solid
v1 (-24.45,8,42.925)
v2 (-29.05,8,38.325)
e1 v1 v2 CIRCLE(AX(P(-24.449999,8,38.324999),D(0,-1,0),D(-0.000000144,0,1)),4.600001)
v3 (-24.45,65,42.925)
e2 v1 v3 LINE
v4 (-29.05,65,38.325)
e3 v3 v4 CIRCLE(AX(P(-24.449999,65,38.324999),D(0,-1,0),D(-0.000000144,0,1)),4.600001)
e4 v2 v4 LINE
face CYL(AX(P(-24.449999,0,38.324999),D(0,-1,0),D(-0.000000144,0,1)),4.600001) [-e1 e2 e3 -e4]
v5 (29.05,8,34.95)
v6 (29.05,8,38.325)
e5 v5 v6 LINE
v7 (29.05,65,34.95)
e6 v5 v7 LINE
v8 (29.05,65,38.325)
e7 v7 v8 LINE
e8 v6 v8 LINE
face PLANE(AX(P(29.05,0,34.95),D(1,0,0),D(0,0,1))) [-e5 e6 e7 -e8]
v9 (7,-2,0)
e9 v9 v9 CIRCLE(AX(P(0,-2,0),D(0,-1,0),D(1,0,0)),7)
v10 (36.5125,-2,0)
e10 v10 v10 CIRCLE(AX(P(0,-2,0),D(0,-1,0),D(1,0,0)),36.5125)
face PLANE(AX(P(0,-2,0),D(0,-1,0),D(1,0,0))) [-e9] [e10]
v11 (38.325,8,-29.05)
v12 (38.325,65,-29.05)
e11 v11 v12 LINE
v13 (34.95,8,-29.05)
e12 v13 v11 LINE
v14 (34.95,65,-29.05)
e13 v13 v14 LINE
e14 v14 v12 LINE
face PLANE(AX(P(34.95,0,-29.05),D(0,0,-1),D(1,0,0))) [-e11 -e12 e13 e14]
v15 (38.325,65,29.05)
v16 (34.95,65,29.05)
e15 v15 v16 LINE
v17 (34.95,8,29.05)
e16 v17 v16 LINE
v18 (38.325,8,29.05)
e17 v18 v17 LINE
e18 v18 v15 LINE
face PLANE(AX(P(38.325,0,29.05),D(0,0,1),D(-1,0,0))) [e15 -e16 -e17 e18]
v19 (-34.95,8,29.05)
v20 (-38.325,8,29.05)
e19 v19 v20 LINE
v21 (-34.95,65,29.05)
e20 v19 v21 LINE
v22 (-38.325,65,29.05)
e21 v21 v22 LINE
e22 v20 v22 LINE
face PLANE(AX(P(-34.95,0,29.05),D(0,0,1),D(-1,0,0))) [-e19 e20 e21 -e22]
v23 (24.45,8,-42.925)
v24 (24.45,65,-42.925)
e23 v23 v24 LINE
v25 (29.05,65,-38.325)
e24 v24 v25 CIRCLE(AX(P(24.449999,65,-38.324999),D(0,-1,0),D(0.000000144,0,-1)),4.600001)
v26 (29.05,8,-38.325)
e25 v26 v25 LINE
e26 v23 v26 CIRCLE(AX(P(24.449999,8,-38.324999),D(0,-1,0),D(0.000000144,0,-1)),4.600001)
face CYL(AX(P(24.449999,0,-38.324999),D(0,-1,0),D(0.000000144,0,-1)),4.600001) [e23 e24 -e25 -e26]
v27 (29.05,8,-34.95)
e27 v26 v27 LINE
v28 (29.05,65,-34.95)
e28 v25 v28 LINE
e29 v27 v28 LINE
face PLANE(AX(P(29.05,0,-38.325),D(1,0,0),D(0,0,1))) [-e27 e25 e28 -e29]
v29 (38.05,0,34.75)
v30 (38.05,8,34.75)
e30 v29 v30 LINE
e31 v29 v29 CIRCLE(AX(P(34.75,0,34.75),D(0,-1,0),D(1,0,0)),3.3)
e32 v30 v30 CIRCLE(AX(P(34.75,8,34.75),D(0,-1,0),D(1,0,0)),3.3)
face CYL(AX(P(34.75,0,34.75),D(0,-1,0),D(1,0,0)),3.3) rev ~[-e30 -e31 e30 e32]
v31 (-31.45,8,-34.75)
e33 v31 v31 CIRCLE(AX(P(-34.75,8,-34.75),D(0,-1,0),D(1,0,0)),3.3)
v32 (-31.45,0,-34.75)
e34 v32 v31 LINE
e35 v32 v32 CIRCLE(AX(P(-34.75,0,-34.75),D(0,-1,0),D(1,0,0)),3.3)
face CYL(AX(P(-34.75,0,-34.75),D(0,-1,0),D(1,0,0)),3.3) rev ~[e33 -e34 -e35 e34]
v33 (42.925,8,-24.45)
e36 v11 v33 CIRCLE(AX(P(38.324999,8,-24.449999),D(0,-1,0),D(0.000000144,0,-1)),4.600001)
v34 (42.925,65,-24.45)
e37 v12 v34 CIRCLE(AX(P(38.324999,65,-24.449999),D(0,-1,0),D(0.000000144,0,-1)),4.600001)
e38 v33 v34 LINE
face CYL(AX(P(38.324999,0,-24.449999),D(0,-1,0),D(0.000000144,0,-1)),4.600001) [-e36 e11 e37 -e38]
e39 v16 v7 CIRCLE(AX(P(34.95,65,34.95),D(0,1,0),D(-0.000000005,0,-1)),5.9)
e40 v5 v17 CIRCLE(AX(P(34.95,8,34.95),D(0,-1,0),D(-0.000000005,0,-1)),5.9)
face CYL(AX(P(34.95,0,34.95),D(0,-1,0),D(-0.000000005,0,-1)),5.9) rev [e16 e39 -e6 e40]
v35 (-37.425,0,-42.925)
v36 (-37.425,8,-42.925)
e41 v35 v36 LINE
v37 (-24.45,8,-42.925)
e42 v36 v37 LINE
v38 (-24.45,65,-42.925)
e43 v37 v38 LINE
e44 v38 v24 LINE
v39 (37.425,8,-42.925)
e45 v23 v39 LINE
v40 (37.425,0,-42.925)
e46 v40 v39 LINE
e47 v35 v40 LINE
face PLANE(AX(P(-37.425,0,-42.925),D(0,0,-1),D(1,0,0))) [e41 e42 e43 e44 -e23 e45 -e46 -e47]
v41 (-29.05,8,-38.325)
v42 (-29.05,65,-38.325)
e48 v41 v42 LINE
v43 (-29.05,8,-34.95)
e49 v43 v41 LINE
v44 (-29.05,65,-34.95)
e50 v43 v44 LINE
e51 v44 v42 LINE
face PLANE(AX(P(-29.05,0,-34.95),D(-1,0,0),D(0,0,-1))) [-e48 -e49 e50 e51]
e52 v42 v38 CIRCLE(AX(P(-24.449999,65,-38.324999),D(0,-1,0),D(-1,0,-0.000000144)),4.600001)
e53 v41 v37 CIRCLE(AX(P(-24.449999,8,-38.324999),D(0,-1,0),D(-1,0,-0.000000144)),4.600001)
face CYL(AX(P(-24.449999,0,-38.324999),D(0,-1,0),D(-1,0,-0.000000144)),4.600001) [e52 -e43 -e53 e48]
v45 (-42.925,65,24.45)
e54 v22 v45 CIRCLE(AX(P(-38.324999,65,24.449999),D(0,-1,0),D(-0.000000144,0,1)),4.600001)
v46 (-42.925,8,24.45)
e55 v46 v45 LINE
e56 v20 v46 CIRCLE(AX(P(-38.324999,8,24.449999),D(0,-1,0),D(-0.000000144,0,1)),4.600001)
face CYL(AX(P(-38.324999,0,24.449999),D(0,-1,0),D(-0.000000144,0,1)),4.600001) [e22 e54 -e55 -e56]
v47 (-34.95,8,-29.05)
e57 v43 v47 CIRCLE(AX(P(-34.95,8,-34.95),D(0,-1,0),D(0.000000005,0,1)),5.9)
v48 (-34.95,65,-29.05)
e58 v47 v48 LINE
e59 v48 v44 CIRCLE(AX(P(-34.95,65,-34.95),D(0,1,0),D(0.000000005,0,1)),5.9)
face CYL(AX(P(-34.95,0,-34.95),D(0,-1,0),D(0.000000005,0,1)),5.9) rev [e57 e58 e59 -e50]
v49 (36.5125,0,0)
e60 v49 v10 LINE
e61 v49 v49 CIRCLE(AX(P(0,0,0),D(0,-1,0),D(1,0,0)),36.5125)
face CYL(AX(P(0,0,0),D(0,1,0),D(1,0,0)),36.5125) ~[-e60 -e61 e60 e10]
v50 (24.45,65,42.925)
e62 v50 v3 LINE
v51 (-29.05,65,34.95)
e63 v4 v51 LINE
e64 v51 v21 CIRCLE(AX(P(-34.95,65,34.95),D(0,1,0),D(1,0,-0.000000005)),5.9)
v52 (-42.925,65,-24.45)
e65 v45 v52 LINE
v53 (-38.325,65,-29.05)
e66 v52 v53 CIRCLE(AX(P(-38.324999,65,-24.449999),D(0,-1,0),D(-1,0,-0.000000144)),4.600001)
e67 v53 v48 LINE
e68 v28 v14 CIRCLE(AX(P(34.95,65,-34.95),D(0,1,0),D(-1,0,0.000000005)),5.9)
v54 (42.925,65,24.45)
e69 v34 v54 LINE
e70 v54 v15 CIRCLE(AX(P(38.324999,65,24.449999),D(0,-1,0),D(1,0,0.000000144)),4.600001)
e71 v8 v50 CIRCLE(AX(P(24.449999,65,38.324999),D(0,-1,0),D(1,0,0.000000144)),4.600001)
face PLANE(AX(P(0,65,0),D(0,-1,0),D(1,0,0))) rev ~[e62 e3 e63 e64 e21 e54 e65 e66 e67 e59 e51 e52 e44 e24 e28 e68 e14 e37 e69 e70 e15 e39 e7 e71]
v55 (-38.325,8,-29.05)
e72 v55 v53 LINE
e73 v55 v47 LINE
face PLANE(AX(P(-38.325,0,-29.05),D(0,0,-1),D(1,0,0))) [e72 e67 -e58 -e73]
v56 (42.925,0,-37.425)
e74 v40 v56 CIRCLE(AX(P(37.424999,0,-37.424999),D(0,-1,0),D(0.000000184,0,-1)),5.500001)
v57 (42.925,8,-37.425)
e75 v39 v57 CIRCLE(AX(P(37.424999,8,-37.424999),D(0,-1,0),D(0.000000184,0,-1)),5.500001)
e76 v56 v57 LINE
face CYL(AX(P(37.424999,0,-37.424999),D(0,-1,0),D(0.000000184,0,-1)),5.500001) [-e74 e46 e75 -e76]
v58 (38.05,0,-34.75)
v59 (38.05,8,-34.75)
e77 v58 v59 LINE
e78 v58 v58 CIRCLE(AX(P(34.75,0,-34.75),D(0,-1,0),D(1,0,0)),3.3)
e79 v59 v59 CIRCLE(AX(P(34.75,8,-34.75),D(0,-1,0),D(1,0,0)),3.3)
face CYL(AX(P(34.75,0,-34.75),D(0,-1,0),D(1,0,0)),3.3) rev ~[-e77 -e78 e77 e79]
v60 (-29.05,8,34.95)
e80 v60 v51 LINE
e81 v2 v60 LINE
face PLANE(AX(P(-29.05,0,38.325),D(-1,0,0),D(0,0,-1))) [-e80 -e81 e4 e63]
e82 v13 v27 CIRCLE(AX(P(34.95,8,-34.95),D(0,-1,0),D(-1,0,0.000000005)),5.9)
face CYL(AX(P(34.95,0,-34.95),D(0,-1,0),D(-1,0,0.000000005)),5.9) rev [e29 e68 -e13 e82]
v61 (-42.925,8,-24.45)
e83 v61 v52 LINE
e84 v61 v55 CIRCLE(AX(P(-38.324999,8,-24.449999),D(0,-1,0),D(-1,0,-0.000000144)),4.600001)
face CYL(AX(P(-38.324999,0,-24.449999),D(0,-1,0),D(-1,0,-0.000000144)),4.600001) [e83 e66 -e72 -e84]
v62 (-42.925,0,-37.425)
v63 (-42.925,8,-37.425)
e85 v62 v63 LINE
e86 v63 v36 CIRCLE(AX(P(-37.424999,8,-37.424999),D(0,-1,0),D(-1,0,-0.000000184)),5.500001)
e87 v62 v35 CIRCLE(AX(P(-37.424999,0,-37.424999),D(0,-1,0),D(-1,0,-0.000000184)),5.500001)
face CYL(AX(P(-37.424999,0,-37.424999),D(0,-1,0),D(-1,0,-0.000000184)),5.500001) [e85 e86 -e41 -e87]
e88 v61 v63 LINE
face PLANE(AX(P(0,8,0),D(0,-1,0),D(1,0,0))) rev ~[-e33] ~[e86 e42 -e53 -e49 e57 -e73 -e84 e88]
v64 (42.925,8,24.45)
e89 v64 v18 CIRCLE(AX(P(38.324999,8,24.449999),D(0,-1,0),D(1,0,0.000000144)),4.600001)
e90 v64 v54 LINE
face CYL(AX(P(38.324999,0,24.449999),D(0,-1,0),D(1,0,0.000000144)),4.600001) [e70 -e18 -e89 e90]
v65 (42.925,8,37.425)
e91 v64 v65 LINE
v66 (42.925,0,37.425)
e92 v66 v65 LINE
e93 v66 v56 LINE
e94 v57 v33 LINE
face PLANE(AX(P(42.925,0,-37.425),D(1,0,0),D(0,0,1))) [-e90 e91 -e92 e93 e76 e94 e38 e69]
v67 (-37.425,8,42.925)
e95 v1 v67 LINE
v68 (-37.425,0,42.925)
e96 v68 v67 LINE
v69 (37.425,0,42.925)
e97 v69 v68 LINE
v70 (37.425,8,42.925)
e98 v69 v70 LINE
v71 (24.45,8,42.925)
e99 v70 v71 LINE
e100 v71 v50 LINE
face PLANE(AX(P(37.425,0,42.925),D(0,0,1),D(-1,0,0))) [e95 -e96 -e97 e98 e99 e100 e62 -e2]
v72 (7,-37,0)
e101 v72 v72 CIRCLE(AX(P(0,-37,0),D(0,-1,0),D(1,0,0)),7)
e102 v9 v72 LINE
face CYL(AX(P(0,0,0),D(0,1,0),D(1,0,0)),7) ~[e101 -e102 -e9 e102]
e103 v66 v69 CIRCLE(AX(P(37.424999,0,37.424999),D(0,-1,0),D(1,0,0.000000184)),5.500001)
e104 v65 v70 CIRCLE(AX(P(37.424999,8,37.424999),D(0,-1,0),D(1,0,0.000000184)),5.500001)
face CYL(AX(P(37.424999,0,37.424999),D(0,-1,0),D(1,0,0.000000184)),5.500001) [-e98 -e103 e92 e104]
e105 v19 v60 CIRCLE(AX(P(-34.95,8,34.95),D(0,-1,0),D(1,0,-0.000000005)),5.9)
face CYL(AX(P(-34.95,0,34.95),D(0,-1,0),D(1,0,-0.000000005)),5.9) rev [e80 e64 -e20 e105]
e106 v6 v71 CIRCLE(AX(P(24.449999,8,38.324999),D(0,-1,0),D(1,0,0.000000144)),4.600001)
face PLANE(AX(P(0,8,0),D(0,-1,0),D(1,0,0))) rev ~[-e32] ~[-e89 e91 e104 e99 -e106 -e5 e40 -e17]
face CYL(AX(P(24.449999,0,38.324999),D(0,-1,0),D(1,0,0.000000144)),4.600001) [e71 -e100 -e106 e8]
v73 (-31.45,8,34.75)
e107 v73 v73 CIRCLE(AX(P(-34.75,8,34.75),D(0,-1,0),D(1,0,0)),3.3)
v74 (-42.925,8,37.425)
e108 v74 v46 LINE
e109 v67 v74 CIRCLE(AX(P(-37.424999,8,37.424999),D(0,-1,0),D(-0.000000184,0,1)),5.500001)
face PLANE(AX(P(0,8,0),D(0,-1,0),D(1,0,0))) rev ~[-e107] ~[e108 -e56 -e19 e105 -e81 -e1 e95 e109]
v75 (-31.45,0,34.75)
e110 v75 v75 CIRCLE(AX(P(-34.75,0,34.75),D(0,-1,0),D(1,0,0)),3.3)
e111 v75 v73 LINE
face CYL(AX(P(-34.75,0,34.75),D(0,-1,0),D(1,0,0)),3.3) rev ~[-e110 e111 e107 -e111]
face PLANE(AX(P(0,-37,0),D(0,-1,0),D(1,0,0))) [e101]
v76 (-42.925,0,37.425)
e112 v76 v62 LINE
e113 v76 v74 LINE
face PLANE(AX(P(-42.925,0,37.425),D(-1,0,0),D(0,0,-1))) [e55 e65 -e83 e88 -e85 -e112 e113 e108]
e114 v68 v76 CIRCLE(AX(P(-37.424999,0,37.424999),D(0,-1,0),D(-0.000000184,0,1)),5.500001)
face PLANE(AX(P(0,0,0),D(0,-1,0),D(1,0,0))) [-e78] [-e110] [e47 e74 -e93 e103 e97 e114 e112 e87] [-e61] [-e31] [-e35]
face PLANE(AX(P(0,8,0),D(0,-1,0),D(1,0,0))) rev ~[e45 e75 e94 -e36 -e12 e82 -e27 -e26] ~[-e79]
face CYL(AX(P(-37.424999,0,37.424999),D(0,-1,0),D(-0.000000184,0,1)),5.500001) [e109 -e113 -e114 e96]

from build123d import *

# Parameters (mm, degrees)
F0_R     = 36.5125
F0_R_2   = 7
F2_DEPTH = 2
F3_DEPTH = 37
F0_R_3   = 3.3
F4_DEPTH = 8
F5_DEPTH = 65


with BuildPart() as f2:
    # F0 (on Front) → F2 (new body)
    with BuildSketch(Plane.XZ):
        Circle(F0_R)
        Circle(F0_R_2, mode=Mode.SUBTRACT)
    extrude(amount=F2_DEPTH)

    # F0 (on Front) → F3 (join)
    with BuildSketch(Plane.XZ):
        Circle(F0_R_2)
    extrude(amount=F3_DEPTH)



with BuildPart() as f4:
    # F0 (on Front) → F4 (new body)
    with BuildSketch(Plane.XZ):
        with BuildLine():
            ThreePointArc((42.925, 37.425), (41.314087, 41.314087), (37.425, 42.925))
            Line((37.425, 42.925), (-37.425, 42.925))
            ThreePointArc((-37.425, 42.925), (-41.314087, 41.314087), (-42.925, 37.425))
            Line((-42.925, 37.425), (-42.925, -37.425))
            ThreePointArc((-42.925, -37.425), (-41.314087, -41.314087), (-37.425, -42.925))
            Line((-37.425, -42.925), (37.425, -42.925))
            ThreePointArc((37.425, -42.925), (41.314087, -41.314087), (42.925, -37.425))
            Line((42.925, -37.425), (42.925, 37.425))
        make_face()
        with Locations((-34.75, -34.75)):
            Circle(F0_R_3, mode=Mode.SUBTRACT)
        with Locations((34.75, -34.75)):
            Circle(F0_R_3, mode=Mode.SUBTRACT)
        with Locations((-34.75, 34.75)):
            Circle(F0_R_3, mode=Mode.SUBTRACT)
        Circle(F0_R, mode=Mode.SUBTRACT)
        with Locations((34.75, 34.75)):
            Circle(F0_R_3, mode=Mode.SUBTRACT)
        Circle(F0_R)
        Circle(F0_R_2, mode=Mode.SUBTRACT)
    extrude(amount=-F4_DEPTH)


with BuildPart() as f2_1:
    add(f2.part)

    add(f4.part)  # F5 merges F4
    # F1 (on Front) → F5 (join)
    with BuildSketch(Plane.XZ):
        with BuildLine():
            ThreePointArc((29.05, 38.325), (27.702691, 41.577691), (24.45, 42.925))
            Line((24.45, 42.925), (-24.45, 42.925))
            ThreePointArc((-24.45, 42.925), (-27.702691, 41.577691), (-29.05, 38.325))
            Line((-29.05, 38.325), (-29.05, 34.95))
            ThreePointArc((-29.05, 34.95), (-30.77807, 30.77807), (-34.95, 29.05))
            Line((-34.95, 29.05), (-38.325, 29.05))
            ThreePointArc((-38.325, 29.05), (-41.577691, 27.702691), (-42.925, 24.45))
            Line((-42.925, 24.45), (-42.925, -24.45))
            ThreePointArc((-42.925, -24.45), (-41.577691, -27.702691), (-38.325, -29.05))
            Line((-38.325, -29.05), (-34.95, -29.05))
            ThreePointArc((-34.95, -29.05), (-30.77807, -30.77807), (-29.05, -34.95))
            Line((-29.05, -34.95), (-29.05, -38.325))
            ThreePointArc((-29.05, -38.325), (-27.702691, -41.577691), (-24.45, -42.925))
            Line((-24.45, -42.925), (24.45, -42.925))
            ThreePointArc((24.45, -42.925), (27.702691, -41.577691), (29.05, -38.325))
            Line((29.05, -38.325), (29.05, -34.95))
            ThreePointArc((29.05, -34.95), (30.77807, -30.77807), (34.95, -29.05))
            Line((34.95, -29.05), (38.325, -29.05))
            ThreePointArc((38.325, -29.05), (41.577691, -27.702691), (42.925, -24.45))
            Line((42.925, -24.45), (42.925, 24.45))
            ThreePointArc((42.925, 24.45), (41.577691, 27.702691), (38.325, 29.05))
            Line((38.325, 29.05), (34.95, 29.05))
            ThreePointArc((34.95, 29.05), (30.77807, 30.77807), (29.05, 34.95))
            Line((29.05, 34.95), (29.05, 38.325))
        make_face()
    extrude(amount=-F5_DEPTH)


solid = f2_1.part
